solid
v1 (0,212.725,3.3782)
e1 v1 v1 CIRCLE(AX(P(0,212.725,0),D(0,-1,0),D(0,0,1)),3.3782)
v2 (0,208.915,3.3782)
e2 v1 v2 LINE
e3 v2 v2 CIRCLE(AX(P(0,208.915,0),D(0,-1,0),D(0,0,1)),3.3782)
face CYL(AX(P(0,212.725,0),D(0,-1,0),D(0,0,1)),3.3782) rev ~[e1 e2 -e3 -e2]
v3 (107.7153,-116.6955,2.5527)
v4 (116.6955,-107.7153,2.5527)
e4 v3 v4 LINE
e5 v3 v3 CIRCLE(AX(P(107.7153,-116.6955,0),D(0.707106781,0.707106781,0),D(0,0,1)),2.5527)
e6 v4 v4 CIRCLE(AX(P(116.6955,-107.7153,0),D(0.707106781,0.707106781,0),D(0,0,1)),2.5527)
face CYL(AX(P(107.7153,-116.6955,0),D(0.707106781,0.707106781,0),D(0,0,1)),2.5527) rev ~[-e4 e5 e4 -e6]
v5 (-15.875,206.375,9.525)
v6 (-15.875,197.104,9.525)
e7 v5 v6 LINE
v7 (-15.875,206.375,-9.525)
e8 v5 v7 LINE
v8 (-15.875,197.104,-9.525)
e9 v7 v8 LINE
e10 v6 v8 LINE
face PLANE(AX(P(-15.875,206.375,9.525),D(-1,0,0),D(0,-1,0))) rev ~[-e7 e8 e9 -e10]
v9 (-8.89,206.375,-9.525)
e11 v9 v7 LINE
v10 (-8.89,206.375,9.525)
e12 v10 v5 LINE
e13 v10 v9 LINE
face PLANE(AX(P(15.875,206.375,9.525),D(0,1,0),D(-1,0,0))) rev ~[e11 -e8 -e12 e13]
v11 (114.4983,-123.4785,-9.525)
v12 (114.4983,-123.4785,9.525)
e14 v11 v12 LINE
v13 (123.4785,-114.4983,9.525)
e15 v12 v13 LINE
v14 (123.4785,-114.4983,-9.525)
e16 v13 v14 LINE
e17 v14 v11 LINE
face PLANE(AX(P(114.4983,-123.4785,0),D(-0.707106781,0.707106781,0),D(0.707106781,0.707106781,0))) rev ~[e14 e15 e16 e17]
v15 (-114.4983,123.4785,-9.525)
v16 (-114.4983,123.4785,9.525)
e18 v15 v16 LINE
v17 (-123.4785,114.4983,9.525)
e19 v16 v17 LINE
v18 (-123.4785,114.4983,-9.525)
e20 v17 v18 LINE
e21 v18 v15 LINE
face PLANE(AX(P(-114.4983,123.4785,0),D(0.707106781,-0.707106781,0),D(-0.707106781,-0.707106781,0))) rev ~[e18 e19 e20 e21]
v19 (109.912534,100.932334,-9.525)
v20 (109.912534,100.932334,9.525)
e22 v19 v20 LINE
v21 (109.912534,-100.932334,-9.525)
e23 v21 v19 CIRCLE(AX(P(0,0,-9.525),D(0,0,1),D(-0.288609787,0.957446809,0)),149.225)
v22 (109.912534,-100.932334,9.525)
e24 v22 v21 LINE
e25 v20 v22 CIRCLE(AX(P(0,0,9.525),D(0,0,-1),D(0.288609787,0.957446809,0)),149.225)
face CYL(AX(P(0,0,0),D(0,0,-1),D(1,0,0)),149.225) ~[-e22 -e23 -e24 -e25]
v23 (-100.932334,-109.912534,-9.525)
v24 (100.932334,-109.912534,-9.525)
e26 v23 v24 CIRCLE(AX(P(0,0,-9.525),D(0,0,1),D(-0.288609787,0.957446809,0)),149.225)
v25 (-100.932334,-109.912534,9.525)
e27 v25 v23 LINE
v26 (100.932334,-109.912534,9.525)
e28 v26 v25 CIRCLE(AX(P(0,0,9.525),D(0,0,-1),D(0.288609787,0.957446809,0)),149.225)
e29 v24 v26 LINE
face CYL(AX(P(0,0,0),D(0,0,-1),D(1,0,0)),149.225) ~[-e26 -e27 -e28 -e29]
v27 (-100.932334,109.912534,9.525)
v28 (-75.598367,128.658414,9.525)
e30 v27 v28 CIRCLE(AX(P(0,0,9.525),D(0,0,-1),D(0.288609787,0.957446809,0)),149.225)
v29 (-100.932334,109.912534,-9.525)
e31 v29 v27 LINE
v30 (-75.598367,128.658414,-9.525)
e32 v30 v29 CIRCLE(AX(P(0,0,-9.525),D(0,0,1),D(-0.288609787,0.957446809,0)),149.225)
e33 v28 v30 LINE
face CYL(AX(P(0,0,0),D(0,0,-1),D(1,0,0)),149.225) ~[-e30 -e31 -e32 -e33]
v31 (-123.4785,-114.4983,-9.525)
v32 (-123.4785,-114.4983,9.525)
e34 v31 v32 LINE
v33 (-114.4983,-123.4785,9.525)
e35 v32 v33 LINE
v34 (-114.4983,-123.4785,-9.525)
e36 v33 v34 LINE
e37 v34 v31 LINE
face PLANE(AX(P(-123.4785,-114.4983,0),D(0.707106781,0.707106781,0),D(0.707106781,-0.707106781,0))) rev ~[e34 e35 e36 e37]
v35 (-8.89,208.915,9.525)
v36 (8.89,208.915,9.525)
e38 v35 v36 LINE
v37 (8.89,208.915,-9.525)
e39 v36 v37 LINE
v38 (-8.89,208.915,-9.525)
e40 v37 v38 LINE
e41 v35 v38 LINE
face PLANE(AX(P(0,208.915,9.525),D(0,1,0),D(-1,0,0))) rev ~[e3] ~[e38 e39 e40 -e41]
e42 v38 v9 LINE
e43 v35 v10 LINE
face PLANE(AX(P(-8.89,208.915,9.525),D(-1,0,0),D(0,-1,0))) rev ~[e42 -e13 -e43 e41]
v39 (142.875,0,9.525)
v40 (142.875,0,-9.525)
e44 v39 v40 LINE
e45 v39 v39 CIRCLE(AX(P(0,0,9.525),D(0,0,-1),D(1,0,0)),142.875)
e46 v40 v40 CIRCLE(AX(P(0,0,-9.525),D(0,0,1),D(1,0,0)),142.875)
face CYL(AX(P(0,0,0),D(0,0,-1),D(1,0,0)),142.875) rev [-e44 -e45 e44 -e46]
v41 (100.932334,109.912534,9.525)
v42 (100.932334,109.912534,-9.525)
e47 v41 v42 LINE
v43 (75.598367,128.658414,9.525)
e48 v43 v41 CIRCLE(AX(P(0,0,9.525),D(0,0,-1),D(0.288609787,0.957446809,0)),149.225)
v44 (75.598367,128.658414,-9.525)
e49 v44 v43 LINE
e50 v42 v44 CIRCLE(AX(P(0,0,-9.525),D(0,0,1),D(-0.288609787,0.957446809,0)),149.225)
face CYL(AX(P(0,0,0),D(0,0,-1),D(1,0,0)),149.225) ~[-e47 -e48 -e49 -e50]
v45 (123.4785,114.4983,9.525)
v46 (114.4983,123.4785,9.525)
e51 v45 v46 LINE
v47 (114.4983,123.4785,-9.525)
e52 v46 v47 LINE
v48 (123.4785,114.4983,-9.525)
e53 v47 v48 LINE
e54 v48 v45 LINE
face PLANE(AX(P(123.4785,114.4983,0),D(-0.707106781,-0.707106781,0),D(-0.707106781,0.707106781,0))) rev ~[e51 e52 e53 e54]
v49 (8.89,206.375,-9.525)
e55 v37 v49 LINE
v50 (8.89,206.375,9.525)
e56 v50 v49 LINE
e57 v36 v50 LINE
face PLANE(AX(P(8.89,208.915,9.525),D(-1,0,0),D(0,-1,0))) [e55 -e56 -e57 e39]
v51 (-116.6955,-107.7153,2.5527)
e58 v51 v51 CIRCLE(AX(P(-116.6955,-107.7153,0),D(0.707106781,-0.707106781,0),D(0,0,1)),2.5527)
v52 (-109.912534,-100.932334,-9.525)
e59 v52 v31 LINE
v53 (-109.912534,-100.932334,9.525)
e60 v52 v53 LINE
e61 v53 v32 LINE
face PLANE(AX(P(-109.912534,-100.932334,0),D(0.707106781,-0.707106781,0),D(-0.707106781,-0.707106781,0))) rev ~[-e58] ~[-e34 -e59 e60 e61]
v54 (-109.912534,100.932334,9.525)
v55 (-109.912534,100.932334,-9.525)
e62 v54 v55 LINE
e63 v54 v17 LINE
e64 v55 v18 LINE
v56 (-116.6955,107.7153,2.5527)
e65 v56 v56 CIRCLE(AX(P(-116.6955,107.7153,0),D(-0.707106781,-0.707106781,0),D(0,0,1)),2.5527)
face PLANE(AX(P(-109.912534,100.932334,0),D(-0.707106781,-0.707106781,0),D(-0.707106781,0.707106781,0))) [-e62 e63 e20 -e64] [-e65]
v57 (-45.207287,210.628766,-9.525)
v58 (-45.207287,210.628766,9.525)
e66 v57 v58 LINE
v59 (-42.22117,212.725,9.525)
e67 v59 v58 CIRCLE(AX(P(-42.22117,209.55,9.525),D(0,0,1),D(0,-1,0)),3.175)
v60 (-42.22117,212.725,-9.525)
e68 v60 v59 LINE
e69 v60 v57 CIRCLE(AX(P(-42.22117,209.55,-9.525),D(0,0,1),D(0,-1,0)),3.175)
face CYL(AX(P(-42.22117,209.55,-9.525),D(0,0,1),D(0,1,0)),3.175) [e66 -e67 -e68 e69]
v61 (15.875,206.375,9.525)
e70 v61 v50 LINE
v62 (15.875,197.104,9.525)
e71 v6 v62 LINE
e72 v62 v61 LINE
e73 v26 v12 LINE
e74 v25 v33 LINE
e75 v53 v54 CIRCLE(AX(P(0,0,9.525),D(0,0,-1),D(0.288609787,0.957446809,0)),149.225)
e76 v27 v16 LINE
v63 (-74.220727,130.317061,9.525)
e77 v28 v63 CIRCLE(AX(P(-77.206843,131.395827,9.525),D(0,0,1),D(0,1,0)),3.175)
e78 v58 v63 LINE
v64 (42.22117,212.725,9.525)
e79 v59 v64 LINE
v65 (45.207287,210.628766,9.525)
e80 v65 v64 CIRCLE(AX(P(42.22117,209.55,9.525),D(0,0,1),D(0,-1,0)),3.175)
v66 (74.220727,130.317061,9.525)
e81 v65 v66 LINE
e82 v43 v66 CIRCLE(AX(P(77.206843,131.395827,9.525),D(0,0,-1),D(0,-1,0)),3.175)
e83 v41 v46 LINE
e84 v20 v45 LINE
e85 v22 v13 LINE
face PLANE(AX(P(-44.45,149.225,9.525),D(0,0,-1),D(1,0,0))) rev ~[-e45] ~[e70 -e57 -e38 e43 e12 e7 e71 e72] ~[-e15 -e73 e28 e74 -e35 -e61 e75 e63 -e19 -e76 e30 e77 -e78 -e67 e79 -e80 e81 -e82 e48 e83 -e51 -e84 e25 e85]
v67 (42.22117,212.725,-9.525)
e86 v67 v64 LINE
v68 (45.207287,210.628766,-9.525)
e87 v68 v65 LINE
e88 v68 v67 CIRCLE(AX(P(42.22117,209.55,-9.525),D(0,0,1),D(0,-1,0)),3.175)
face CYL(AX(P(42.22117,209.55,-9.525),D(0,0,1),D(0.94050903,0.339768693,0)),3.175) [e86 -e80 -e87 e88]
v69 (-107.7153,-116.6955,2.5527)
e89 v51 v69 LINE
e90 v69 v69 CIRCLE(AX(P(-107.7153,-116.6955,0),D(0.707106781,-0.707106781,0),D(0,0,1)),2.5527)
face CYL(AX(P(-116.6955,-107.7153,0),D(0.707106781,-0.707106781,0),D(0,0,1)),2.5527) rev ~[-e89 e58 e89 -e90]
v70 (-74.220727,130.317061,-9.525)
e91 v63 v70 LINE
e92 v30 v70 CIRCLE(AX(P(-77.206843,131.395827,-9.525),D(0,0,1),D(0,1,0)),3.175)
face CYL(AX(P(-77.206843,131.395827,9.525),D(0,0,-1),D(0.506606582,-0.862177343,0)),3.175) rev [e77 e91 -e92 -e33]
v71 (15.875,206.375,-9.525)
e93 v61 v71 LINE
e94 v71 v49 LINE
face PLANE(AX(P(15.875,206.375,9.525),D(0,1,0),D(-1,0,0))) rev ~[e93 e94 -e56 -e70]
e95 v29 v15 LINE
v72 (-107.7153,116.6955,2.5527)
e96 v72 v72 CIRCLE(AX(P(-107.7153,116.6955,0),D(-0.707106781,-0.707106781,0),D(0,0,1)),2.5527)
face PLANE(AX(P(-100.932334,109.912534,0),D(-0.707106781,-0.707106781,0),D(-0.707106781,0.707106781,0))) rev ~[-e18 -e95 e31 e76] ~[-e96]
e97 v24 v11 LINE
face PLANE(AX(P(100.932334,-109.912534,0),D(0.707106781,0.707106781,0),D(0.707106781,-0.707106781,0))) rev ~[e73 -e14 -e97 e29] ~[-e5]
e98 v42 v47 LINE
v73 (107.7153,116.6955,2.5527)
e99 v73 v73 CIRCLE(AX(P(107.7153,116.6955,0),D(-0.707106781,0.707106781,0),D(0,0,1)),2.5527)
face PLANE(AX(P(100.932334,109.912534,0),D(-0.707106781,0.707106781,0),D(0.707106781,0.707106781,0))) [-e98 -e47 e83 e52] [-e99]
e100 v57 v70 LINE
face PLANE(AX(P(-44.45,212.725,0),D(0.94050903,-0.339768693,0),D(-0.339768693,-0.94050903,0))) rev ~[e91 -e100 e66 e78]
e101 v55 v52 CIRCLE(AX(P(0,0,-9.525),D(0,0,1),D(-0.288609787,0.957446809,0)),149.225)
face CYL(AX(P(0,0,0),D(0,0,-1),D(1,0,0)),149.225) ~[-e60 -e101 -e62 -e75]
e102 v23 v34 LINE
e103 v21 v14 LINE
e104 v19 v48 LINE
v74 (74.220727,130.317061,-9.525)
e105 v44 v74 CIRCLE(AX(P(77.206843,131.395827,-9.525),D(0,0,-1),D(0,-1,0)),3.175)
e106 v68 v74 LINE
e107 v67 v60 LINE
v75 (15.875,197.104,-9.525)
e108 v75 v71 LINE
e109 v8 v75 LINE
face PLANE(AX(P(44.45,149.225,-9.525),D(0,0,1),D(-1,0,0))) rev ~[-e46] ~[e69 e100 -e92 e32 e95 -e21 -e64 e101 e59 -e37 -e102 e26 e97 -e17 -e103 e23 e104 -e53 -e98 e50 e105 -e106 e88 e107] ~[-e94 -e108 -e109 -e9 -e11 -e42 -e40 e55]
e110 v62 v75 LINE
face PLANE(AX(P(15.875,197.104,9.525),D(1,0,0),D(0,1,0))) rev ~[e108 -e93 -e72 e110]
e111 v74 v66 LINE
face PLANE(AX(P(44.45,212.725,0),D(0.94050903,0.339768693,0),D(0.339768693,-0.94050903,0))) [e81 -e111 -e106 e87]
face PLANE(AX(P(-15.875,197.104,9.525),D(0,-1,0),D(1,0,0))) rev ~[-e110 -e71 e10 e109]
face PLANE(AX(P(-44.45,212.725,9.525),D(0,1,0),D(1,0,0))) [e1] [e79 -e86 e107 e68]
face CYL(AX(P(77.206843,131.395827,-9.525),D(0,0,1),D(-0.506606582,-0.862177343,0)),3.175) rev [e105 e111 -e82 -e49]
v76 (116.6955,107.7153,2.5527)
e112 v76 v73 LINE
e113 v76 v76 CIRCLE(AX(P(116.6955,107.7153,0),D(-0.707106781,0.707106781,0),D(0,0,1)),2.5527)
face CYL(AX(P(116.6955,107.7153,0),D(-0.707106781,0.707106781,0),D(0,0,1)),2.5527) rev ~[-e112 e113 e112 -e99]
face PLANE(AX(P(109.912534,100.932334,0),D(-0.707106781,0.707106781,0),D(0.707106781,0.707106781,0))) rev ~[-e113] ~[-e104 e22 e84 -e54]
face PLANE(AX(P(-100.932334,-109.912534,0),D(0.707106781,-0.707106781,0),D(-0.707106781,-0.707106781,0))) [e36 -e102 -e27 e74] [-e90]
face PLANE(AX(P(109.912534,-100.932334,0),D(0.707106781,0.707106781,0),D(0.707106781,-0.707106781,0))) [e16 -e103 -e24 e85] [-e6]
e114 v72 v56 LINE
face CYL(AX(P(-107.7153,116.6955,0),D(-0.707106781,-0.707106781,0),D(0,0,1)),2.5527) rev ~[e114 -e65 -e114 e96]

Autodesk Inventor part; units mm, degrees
ref_plane "YZ Plane" through (0, 0, 0) normal (1, 0, 0) x (0, 1, 0)
ref_plane "XY Plane" through (0, 0, 0) normal (0, 0, 1) x (1, 0, 0)
sketch "Sketch1" plane through (0, 0, 0) normal (0, 0, 1) x (1, 0, 0)
  circle A0 centre (0, 0) radius 142.875
  circle A1 centre (0, 0) radius 149.225
  dimension "innerDiameter" = 285.75
  dimension "outerDiameter" = 298.45
extrude "Extrusion1" add sketch "Sketch1" along normal mid plane 19.05
sketch "Sketch2" plane through (0, 0, 0) normal (0, 0, 1) x (1, 0, 0)
  circle A0 centre (0, 0) radius 142.875 construction
  line L0 (0, 142.875) -> (0, 149.225) construction
  circle A1 centre (0, 0) radius 149.225 construction
  line L1 (0, 142.875) -> (44.45, 142.875)
  line L2 (44.45, 142.875) -> (44.45, 149.225)
  line L3 (44.45, 149.225) -> (19.05, 149.225)
  line L4 (0, 142.875) -> (-44.45, 142.875)
  line L5 (-44.45, 142.875) -> (-44.45, 149.225)
  line L6 (-44.45, 149.225) -> (19.05, 149.225)
  line L7 (371.6693, 35.081) -> (0, 0)
  dimension "halfBaseWidth" = 44.45
  dimension "baseThickness" = 6.35
  dimension "baseHeight" = 0
extrude "Extrusion2" add sketch "Sketch2" along normal mid plane 19.05
sketch "Sketch5" plane through (-44.45, 149.225, 9.525) normal (0, 1, 0) x (1, 0, 0)
  line L0 (0, 19.05) -> (0, 0) projected
  line L1 (88.9, 19.05) -> (88.9, 0) projected
  line L2 (0, 0) -> (88.9, 0)
  line L3 (88.9, 0) -> (88.9, 19.05)
  line L4 (88.9, 19.05) -> (0, 19.05)
  line L5 (0, 19.05) -> (0, 0)
  point P0 (44.45, 9.525)
  point P1 (0, 19.05)
extrude "Extrusion3" add sketch "Sketch5" along normal blind 63.5
sketch "Sketch7" plane through (0, 0, 9.525) normal (0, 0, 1) x (1, 0, 0)
  line L0 (-44.45, 142.875) -> (-44.45, 212.725) projected
  line L1 (-44.45, 212.725) -> (44.45, 212.725) projected
  line L2 (44.45, 142.875) -> (44.45, 212.725) projected
  line L3 (0, 212.725) -> (0, 149.1868) construction
  line L4 (-15.875, 197.104) -> (15.875, 197.104)
  line L5 (15.875, 197.104) -> (15.875, 206.375)
  line L6 (15.875, 206.375) -> (-15.875, 206.375)
  line L7 (-15.875, 206.375) -> (-15.875, 197.104)
  line L8 (-15.875, 197.104) -> (15.875, 206.375) construction
  line L9 (15.875, 197.104) -> (-15.875, 206.375) construction
  point P0 (0, 0)
  point P1 (-38.1, 144.2792)
  point P2 (38.1, 144.2792)
  point P3 (0, 201.7395)
  dimension "screwHoleWidth" = 31.75
  dimension "screwHoleHeight" = 9.271
  dimension "screwHoleSupportThickness" = 6.35
extrude "Extrusion4" cut sketch "Sketch7" against normal through all
sketch "Sketch6" plane through (-44.45, 212.725, 9.525) normal (0, 1, 0) x (1, 0, 0)
  point P0 (44.45, 9.525)
  point P1 (44.45, 9.525)
hole "Hole2" at (0, 212.725, 0) direction (0, -1, 0) diameter 6.7564 depth 6.35 clearance for "Flat Head Machine Screw (82)" size "1/4" standard "Ansi Unified Screw Threads"
ref_plane "Work Plane1" through (0, 0, 0) normal (-0.7071, 0.7071, 0) x (0, 0, 1)
ref_plane "Work Plane2" through (0, 0, 0) normal (0.7071, 0.7071, 0) x (0, 0, 1)
sketch "Sketch11" plane through (0, 0, 0) normal (0, 0, 1) x (1, 0, 0)
  arc A0 (-43.0678, 142.875) -> (43.0678, 142.875) centre (0, 0) ccw projected
  circle A1 centre (0, 0) radius 142.875 projected
  line L0 (-214.9625, 214.9625) -> (217.3313, -217.3313) projected
  line L1 (-101.0279, 101.0279) -> (-96.5378, 105.518)
  line L2 (-101.0279, 101.0279) -> (-94.6779, 101.0279) construction
  line L3 (-96.5378, 105.518) -> (-114.4983, 123.4785)
  line L4 (-96.5378, 105.518) -> (-71.1378, 105.518) construction
  line L5 (-114.4983, 123.4785) -> (-118.9884, 118.9884)
  line L6 (-118.9884, 118.9884) -> (-101.0279, 101.0279)
  line L7 (-101.0279, 101.0279) -> (-105.518, 96.5378)
  line L8 (-105.518, 96.5378) -> (-123.4785, 114.4983)
  line L9 (-123.4785, 114.4983) -> (-118.9884, 118.9884)
  point P0 (38.1, 144.2792)
  point P1 (-38.1, 144.2792)
  point P2 (-109.9126, 100.9323)
  point P3 (-100.9323, 109.9126)
  dimension "d47" = 6.35
  dimension "d48" = 45
  dimension "d49" = 25.4
  dimension "d50" = 135
extrude "Extrusion7" add sketch "Sketch11" along normal mid plane 19.05 contours A0 L0 L5 L3 | A0 L8 L9 L0
sketch "Sketch12" plane through (-114.4983, 123.4785, -9.525) normal (0.7071, 0.7071, 0) x (-0.7071, 0.7071, 0)
  line L0 (0, 0) -> (0, 19.05) projected
  line L1 (-19.1852, 19.05) -> (0, 19.05) projected
  line L2 (-19.1852, 0) -> (-19.1852, 19.05) projected
  line L3 (0, 0) -> (-19.1852, 0) projected
  line L4 (-9.5926, 19.05) -> (-9.5926, 0) construction
  line L5 (0, 9.525) -> (-19.1852, 9.525) construction
  point P0 (-168.275, 9.525)
  point P1 (-9.5926, 9.525)
hole "Hole4" at (-107.7153, 116.6955, 0) direction (-0.7071, -0.7071, 0) diameter 5.1054 depth 12.7 clearance for "Flat Head Machine Screw (82)" size "#10" standard "Ansi Unified Screw Threads"
pattern_circular "Circular Pattern1" count 4 over 360 about axis through (0, 0, -10) along (0, 0, 1) of "Extrusion7", "Hole4"
sketch "Sketch13" plane through (0, 0, 9.525) normal (0, 0, 1) x (1, 0, 0)
  line L0 (-15.875, 206.375) -> (15.875, 206.375) projected
  line L1 (-44.45, 212.725) -> (44.45, 212.725) projected
  line L2 (0, 208.915) -> (8.89, 208.915)
  line L3 (8.89, 208.915) -> (8.89, 206.375)
  line L4 (8.89, 206.375) -> (0, 206.375)
  line L5 (0, 208.915) -> (0, 206.375)
  line L6 (15.875, 206.375) -> (-15.875, 206.375)
  line L7 (0, 208.915) -> (-8.89, 208.915)
  line L8 (-8.89, 208.915) -> (-8.89, 206.375)
  point P0 (0, 0)
  dimension "d63" = 8.89
  dimension "d64" = 2.54
extrude "Extrusion8" cut sketch "Sketch13" against normal through all
sketch "Sketch14" plane through (0, 0, 9.525) normal (0, 0, 1) x (1, 0, 0)
  point P0 (0, 0)
sketch "Sketch15" plane through (0, 0, 0) normal (0, 0, 1) x (1, 0, 0)
  arc A0 (-43.0678, 142.875) -> (-100.9323, 109.9126) centre (0, 0) ccw projected
  line L0 (-43.0678, 142.875) -> (-44.45, 142.875) projected
  line L1 (44.45, 142.875) -> (43.0678, 142.875) projected
  arc A1 (100.9323, 109.9126) -> (43.0678, 142.875) centre (0, 0) ccw projected
  line L2 (-44.45, 142.875) -> (-44.45, 142.451)
  line L3 (-44.45, 142.875) -> (-43.0678, 142.875)
  line L4 (43.0678, 142.875) -> (44.45, 142.875)
  line L5 (44.45, 142.875) -> (44.45, 142.451)
  arc A2 (-43.0678, 142.875) -> (-44.45, 142.451) centre (0, 0) ccw
  arc A3 (44.45, 142.451) -> (43.0678, 142.875) centre (0, 0) ccw
extrude "Extrusion9" add sketch "Sketch15" along normal mid plane 19.05
sketch "Sketch16" plane through (0, 0, 0) normal (0, 0, 1) x (1, 0, 0)
  line L0 (44.45, 142.451) -> (44.45, 212.725) projected
  line L1 (-44.45, 142.451) -> (-44.45, 212.725) projected
  arc A0 (-44.45, 142.451) -> (-100.9323, 109.9126) centre (0, 0) ccw projected
  arc A1 (100.9323, 109.9126) -> (44.45, 142.451) centre (0, 0) ccw projected
  line L2 (0, 0) -> (-74.6125, 129.2326) construction
  line L3 (0, 0) -> (0, 149.225) construction
  line L4 (0, 0) -> (74.6125, 129.2326) construction
  line L5 (-44.45, 212.725) -> (-74.6125, 129.2326)
  line L6 (-44.45, 142.451) -> (-44.45, 212.725) projected
  line L7 (-44.45, 142.451) -> (-44.45, 212.725)
  line L8 (44.45, 212.725) -> (44.45, 142.451)
  line L9 (44.45, 212.725) -> (74.6125, 129.2326)
  arc A2 (74.6125, 129.2326) -> (44.45, 142.451) centre (0, 0) ccw
  arc A3 (-44.45, 142.451) -> (-74.6125, 129.2326) centre (0, 0) ccw
  dimension "d69" = 30
  dimension "d70" = 30
extrude "Extrusion10" add sketch "Sketch16" along normal mid plane 19.05
fillet "Fillet1" radius 3.175 2 edges at (-74.6125, 129.2326, 0) (74.6125, 129.2326, 0)
fillet "Fillet2" radius 3.175 2 edges at (-44.45, 212.725, 0) (44.45, 212.725, 0)
equation "\"outerDiameter\" = innerDiameter + 2 * ringThicknessRadius"
equation "\"d7\" = ringWidth"
equation "\"d51\" = ringWidth"
equation "\"d67\" = ringWidth"
equation "\"d71\" = ringWidth"
equation "\"ringThicknessRadius\" = 6.35"
equation "\"ringWidth\" = 19.05"
properties part number "mount" material "PET Plastic"
